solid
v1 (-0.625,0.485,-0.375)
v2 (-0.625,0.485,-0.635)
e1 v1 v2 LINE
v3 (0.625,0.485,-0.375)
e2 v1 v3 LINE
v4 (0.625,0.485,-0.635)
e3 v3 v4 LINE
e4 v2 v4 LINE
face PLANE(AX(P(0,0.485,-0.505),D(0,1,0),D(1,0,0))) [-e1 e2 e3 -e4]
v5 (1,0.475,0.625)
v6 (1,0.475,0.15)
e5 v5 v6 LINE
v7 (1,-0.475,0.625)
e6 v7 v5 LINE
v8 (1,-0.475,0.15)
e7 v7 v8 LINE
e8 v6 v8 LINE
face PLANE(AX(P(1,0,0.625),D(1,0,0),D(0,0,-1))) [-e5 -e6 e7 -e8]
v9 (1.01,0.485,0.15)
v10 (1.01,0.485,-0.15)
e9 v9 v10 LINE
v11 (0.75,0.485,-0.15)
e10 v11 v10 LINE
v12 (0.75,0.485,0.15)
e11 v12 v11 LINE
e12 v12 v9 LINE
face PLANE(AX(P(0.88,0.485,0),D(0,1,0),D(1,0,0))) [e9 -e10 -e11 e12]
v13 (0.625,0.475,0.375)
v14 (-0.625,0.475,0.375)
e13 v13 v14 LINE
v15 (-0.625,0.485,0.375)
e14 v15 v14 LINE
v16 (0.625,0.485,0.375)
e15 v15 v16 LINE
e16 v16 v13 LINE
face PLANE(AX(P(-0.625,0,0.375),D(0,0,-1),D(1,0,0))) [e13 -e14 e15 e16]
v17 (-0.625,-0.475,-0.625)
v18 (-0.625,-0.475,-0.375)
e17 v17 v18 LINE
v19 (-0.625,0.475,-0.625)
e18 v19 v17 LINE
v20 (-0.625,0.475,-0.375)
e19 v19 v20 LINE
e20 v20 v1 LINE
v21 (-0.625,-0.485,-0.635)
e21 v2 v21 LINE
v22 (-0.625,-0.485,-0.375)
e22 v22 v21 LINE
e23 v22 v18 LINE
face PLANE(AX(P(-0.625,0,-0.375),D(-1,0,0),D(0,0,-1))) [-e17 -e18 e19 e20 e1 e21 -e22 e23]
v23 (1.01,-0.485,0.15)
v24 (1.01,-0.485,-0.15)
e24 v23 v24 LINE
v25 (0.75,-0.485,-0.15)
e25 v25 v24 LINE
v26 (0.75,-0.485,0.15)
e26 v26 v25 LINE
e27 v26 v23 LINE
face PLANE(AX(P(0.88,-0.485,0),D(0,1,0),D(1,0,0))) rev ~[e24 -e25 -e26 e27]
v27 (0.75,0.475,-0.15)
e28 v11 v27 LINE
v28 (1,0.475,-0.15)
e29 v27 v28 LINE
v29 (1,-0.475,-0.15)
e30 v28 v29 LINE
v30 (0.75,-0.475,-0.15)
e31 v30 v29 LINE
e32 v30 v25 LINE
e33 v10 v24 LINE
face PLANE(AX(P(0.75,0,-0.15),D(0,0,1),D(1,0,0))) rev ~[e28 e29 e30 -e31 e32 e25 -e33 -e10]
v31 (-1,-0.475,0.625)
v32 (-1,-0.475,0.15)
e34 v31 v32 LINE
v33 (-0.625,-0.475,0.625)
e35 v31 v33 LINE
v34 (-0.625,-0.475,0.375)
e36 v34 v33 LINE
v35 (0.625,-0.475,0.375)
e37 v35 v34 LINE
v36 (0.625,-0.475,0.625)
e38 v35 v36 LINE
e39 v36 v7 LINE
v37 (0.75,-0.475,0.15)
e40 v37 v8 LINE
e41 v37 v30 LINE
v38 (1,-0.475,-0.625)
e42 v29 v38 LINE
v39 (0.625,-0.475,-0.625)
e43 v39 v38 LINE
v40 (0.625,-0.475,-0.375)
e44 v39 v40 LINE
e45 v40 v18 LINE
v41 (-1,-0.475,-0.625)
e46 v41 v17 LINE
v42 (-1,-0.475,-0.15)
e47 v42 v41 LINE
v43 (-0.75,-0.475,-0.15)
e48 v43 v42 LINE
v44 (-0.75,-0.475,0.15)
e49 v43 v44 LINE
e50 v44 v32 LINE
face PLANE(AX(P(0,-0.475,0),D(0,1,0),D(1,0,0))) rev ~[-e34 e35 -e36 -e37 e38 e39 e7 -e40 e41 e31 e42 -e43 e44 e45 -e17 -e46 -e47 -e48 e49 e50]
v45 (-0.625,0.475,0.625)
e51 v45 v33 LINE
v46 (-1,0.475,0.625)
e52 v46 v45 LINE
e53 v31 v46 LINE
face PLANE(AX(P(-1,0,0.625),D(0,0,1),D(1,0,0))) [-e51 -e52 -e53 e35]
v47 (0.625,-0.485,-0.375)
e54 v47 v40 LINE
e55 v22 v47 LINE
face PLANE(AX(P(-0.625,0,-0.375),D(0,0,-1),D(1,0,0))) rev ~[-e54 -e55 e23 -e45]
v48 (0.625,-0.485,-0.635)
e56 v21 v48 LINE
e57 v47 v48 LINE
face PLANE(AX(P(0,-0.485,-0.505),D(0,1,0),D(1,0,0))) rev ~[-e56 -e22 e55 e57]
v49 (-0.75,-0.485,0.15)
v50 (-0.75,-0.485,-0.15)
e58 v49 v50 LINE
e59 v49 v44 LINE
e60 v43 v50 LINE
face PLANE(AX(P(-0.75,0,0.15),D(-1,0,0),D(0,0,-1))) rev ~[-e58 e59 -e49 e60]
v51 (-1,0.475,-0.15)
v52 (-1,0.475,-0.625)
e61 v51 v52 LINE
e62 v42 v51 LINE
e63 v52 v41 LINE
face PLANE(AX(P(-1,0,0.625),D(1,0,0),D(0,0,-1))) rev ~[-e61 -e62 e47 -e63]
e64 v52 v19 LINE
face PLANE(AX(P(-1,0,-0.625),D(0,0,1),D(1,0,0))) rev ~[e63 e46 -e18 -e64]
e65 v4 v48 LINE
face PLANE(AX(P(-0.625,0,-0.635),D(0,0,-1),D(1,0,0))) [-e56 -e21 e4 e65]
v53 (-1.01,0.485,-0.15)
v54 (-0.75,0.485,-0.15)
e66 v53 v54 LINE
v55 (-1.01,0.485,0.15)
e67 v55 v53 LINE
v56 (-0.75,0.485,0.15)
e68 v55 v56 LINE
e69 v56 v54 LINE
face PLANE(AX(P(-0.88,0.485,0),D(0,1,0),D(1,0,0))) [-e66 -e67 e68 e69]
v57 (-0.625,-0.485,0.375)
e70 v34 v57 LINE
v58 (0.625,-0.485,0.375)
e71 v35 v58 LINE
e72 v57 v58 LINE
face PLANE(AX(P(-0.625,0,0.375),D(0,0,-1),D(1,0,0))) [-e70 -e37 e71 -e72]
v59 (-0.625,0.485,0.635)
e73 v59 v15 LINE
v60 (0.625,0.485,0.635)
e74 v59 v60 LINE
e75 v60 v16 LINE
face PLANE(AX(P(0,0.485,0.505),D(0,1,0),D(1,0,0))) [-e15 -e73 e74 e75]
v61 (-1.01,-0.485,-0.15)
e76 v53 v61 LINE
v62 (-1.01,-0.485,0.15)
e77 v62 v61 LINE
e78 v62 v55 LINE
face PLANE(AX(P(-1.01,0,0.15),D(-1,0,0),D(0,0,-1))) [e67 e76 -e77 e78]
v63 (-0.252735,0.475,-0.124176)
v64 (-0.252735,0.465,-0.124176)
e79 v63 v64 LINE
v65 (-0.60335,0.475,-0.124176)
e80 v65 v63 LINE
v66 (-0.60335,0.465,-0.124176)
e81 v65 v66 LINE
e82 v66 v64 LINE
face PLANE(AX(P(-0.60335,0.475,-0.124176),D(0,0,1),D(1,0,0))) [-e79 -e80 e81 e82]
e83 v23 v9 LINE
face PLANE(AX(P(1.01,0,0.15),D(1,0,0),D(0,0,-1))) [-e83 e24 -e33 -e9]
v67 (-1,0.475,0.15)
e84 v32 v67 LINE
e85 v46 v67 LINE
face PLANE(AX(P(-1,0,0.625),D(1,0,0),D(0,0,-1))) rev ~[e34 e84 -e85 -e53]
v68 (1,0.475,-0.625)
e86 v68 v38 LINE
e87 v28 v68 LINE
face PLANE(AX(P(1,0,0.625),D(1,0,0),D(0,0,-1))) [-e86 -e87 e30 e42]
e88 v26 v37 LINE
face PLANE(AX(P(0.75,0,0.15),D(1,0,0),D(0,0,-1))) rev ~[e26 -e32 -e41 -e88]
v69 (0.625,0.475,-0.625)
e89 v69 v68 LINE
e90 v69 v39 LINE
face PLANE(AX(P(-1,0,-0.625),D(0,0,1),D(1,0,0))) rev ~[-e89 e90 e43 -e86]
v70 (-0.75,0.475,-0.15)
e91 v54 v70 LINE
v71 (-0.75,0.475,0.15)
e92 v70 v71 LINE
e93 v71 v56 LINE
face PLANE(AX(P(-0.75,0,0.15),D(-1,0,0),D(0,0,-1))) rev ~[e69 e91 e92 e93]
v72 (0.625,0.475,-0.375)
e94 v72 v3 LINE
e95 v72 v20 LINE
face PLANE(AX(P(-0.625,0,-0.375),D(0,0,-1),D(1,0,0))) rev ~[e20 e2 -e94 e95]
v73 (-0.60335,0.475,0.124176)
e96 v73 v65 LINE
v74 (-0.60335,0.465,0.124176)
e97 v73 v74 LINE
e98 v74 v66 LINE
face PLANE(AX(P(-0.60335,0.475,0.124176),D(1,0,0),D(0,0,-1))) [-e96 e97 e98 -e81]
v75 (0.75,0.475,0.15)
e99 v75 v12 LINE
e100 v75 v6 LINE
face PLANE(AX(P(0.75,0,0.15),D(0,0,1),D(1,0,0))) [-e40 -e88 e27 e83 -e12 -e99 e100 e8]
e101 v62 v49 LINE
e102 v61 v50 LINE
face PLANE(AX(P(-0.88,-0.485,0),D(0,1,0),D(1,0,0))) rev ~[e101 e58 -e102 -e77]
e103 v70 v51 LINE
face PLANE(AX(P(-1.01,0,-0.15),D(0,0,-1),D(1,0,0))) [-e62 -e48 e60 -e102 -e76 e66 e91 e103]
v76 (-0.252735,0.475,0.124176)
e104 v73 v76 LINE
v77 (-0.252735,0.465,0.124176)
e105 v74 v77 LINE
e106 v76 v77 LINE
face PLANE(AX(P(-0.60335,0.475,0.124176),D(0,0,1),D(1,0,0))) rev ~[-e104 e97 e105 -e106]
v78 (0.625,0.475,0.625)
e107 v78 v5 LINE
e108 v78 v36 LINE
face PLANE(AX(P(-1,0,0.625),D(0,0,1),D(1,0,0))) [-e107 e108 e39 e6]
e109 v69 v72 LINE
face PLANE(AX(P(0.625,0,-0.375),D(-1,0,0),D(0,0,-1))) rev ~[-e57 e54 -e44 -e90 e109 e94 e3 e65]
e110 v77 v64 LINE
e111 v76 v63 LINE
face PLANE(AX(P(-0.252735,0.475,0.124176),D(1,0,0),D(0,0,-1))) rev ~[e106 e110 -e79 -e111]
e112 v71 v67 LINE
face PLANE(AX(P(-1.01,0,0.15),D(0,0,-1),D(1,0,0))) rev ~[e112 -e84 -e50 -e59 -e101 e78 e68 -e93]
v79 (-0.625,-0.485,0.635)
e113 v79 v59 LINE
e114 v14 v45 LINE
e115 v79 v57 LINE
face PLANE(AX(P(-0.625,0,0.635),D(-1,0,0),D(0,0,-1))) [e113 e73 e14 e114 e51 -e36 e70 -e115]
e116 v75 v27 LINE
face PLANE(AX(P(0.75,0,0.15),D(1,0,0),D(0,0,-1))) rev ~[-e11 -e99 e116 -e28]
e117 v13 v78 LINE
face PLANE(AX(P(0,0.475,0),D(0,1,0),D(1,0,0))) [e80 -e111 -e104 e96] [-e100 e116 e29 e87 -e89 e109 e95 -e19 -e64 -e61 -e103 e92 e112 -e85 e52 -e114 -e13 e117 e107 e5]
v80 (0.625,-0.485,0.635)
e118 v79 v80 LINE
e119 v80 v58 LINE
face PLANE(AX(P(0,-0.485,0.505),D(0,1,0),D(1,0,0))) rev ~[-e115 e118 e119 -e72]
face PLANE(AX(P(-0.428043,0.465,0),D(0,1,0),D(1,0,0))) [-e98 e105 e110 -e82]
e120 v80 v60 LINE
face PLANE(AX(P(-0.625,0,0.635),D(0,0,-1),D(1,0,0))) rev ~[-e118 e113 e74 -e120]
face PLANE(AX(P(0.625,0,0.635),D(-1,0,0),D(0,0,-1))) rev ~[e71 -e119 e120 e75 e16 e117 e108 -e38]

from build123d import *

# Parameters (mm, degrees)
SKETCH1_W           = 2
SKETCH1_H           = 1.25
BOSS_EXTRUDE1_DEPTH = 0.475
SKETCH2_W           = 0.26
SKETCH2_H           = 0.3
SKETCH2_W_2         = 1.25
SKETCH2_H_2         = 0.26
BOSS_EXTRUDE2_DEPTH = 0.485
SKETCH3_W           = 0.350615202
SKETCH3_H           = 0.248352434
CUT_EXTRUDE1_DEPTH  = 0.01


with BuildPart() as part:
    # Sketch1 → Boss-Extrude1 (new body, symmetric)
    with BuildSketch(Plane(origin=(0, 0, 0), x_dir=(1, 0, 0), z_dir=(0, 1, 0))):
        Rectangle(SKETCH1_W, SKETCH1_H)
    extrude(amount=BOSS_EXTRUDE1_DEPTH, both=True)

    # Sketch2 → Boss-Extrude2 (add, symmetric)
    with BuildSketch(Plane(origin=(0, 0, 0), x_dir=(1, 0, 0), z_dir=(0, 1, 0))):
        with Locations((-0.88, 0)):
            Rectangle(SKETCH2_W, SKETCH2_H)
        with Locations((0, 0.505)):
            Rectangle(SKETCH2_W_2, SKETCH2_H_2)
        with Locations((0, -0.505)):
            Rectangle(SKETCH2_W_2, SKETCH2_H_2)
        with Locations((0.88, 0)):
            Rectangle(SKETCH2_W, SKETCH2_H)
    extrude(amount=BOSS_EXTRUDE2_DEPTH, both=True)

    # Sketch3 → Cut-Extrude1 (cut)
    with BuildSketch(Plane(origin=(0, 0.475, 0), x_dir=(1, 0, 0), z_dir=(0, 1, 0))):
        with Locations((-0.428042726, 0)):
            Rectangle(SKETCH3_W, SKETCH3_H)
    extrude(amount=-CUT_EXTRUDE1_DEPTH, mode=Mode.SUBTRACT)


solid = part.part
